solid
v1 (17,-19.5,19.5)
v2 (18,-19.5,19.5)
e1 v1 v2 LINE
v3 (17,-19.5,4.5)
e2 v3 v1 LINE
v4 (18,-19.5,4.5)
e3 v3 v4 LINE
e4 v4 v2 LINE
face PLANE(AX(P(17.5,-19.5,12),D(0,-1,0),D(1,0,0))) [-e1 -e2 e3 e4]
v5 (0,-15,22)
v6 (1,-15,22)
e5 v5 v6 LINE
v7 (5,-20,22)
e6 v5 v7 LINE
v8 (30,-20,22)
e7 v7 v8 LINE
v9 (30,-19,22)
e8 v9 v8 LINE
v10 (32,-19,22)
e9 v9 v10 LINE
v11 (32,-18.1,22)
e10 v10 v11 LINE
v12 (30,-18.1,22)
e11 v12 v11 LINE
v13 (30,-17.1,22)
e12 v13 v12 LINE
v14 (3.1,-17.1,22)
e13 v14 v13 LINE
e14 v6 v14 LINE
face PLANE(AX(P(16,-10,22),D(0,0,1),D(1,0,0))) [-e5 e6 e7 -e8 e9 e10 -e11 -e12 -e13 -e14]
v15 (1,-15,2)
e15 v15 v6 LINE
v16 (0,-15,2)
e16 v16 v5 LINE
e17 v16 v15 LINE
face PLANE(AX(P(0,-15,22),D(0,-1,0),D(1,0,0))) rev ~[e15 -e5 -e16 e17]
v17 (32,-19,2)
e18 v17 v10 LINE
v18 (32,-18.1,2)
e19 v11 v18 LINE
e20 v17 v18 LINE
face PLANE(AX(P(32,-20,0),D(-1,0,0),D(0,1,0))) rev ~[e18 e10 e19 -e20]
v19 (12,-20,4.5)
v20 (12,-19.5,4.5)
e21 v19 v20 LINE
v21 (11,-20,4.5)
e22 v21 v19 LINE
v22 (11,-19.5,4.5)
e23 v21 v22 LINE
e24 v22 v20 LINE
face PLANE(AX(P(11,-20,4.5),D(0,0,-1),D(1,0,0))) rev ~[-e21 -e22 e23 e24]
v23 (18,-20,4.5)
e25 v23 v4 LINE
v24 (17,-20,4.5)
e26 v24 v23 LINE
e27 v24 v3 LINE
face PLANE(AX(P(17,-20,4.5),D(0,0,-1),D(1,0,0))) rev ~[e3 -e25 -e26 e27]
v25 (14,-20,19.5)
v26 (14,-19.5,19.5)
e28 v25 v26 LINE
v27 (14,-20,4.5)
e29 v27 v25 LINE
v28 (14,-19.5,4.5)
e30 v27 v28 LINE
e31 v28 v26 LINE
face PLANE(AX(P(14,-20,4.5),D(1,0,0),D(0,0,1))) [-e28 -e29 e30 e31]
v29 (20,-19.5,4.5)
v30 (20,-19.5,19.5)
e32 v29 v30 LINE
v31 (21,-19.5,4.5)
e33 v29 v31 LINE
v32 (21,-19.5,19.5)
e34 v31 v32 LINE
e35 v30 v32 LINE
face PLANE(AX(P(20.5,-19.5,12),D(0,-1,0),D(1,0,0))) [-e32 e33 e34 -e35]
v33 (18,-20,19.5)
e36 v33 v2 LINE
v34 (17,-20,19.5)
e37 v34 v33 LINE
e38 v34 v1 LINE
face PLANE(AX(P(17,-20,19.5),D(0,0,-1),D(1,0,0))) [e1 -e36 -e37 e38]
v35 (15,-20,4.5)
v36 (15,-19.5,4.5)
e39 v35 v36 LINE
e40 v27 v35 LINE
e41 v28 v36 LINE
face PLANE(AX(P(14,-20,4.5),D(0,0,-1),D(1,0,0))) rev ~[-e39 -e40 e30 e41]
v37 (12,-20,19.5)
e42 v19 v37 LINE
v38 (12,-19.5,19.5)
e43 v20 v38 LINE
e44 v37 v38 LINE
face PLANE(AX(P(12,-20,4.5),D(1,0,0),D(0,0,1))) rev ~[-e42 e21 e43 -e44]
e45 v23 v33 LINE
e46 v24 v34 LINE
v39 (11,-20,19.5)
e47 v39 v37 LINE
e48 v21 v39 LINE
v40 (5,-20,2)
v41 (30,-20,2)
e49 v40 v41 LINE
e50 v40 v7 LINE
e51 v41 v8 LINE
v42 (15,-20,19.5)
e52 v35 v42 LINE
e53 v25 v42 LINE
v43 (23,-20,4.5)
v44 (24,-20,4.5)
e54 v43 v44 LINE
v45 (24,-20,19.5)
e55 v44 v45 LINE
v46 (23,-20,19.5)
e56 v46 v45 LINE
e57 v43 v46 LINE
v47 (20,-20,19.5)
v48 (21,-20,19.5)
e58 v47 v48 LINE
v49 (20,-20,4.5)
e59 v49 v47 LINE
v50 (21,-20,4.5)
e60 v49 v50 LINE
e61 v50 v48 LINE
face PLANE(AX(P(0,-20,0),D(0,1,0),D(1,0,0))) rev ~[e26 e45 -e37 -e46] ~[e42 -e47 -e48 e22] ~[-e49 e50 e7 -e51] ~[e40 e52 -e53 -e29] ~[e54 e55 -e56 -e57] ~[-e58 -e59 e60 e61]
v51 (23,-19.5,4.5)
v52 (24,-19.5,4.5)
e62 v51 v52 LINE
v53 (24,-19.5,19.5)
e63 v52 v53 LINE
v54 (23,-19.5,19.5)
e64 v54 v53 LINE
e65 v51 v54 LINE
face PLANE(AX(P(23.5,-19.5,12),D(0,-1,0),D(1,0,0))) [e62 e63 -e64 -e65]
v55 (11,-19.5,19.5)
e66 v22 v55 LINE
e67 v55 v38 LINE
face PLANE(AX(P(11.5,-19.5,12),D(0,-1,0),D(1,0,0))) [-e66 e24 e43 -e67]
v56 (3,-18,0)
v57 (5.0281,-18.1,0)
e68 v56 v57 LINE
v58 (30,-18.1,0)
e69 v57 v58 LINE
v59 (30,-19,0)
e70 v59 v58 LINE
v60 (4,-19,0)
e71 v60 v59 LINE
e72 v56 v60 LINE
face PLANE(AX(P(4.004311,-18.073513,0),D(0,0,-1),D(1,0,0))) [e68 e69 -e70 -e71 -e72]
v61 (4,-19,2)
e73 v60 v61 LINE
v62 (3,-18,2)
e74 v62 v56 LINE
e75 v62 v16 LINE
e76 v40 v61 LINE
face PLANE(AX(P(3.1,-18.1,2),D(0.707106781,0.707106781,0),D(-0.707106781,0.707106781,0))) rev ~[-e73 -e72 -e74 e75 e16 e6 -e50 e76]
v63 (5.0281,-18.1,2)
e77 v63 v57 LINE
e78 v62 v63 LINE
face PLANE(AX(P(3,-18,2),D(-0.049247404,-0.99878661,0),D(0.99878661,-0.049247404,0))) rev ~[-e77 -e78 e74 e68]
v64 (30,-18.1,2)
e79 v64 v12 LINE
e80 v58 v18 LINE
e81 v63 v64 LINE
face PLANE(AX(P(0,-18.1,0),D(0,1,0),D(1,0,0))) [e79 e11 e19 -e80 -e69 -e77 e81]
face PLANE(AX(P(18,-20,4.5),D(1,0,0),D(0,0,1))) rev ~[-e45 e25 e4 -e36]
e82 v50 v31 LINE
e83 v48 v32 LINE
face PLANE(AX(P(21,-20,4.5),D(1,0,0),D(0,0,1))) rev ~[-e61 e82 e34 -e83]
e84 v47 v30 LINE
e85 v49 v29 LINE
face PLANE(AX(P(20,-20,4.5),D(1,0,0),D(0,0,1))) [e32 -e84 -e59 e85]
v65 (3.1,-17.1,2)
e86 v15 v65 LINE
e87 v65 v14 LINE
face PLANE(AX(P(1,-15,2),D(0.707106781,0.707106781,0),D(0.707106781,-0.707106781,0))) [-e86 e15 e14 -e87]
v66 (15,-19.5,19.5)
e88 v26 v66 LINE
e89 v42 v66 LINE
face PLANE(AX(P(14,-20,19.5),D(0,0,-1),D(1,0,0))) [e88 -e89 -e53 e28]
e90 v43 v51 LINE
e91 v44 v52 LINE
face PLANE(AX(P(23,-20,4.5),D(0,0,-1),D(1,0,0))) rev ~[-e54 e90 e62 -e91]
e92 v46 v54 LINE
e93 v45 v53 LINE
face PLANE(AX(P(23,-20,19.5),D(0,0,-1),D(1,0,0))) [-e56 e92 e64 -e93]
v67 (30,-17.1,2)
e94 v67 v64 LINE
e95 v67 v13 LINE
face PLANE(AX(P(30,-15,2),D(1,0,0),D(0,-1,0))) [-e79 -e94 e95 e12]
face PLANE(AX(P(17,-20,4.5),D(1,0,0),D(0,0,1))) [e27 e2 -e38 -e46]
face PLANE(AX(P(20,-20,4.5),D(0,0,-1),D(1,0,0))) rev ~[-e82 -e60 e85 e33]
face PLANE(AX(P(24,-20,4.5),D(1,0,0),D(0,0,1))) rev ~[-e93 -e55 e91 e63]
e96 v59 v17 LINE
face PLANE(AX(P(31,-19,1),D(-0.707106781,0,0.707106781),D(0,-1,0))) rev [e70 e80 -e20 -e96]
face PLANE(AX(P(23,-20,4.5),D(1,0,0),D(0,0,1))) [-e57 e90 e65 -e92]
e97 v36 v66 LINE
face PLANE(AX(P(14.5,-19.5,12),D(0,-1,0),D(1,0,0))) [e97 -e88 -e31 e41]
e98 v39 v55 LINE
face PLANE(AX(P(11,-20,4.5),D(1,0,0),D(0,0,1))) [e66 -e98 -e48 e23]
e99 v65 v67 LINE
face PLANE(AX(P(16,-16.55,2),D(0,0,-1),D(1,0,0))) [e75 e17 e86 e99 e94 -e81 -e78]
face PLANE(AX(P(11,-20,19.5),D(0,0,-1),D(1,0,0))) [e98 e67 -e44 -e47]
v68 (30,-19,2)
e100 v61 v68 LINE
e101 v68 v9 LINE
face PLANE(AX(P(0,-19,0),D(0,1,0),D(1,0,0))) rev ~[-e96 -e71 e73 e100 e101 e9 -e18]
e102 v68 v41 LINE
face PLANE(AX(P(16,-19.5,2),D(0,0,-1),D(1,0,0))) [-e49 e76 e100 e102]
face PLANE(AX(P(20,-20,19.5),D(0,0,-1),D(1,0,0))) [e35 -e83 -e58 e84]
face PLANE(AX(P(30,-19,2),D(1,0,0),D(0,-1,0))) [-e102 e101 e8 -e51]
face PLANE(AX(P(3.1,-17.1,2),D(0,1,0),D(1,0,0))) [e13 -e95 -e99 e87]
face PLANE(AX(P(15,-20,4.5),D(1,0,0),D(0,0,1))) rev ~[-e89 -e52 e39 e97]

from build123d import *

# Parameters (mm, degrees)
SKETCH_W        = 32
SKETCH_H        = 20
PAD_DEPTH       = 22
CHAMFER_SIZE    = 5
SKETCH001_W     = 32
SKETCH001_H     = 15
POCKET_DEPTH    = 22
SKETCH002_W     = 32
SKETCH002_H     = 1
POCKET001_DEPTH = 2
SKETCH003_W     = 32
SKETCH003_H     = 3.1
POCKET002_DEPTH = 2
SKETCH004_W     = 2
SKETCH004_H     = 1
SKETCH004_H_2   = 3.1
POCKET003_DEPTH = 20
PAD001_DEPTH    = 2
POCKET004_DEPTH = 20
SKETCH007_W     = 1
SKETCH007_H     = 15
POCKET005_DEPTH = 0.5
CHAMFER001_SIZE = 2


with BuildPart() as part:
    # Sketch → Pad (new body)
    with BuildSketch(Plane.XY):
        with Locations((16, -10)):
            Rectangle(SKETCH_W, SKETCH_H)
    extrude(amount=PAD_DEPTH)

    # Chamfer
    chamfer_edges = [part.edges().sort_by_distance(p)[0] for p in [
        (0, -20, 11),
    ]]
    chamfer(chamfer_edges, length=CHAMFER_SIZE)

    # Sketch001 → Pocket (cut)
    with BuildSketch(Plane.XY.offset(22)):
        with Locations((16, -7.5)):
            Rectangle(SKETCH001_W, SKETCH001_H)
    extrude(amount=-POCKET_DEPTH, mode=Mode.SUBTRACT)

    # Sketch002 → Pocket001 (cut)
    with BuildSketch(Plane(origin=(0, 0, 0), x_dir=(1, 0, 0), z_dir=(0, 0, -1))):
        with Locations((16, 19.5)):
            Rectangle(SKETCH002_W, SKETCH002_H)
    extrude(amount=-POCKET001_DEPTH, mode=Mode.SUBTRACT)

    # Sketch003 → Pocket002 (cut)
    with BuildSketch(Plane(origin=(0, 0, 0), x_dir=(1, 0, 0), z_dir=(0, 0, -1))):
        with Locations((16, 16.55)):
            Rectangle(SKETCH003_W, SKETCH003_H)
    extrude(amount=-POCKET002_DEPTH, mode=Mode.SUBTRACT)

    # Sketch004 → Pocket003 (cut)
    with BuildSketch(Plane(origin=(0, 0, 2), x_dir=(1, 0, 0), z_dir=(0, 0, -1))):
        with Locations((31, 19.5)):
            Rectangle(SKETCH004_W, SKETCH004_H)
        with Locations((31, 16.55)):
            Rectangle(SKETCH004_W, SKETCH004_H_2)
    extrude(amount=-POCKET003_DEPTH, mode=Mode.SUBTRACT)

    # Sketch005 → Pad001 (new body)
    with BuildSketch(Plane(origin=(0, 0, 2), x_dir=(1, 0, 0), z_dir=(0, 0, -1))):
        Polygon((3.1, 18.1), (3, 18), (5.0281, 18.1), align=None)
    extrude(amount=PAD001_DEPTH)

    # Sketch006 → Pocket004 (cut)
    with BuildSketch(Plane(origin=(0, 0, 2), x_dir=(1, 0, 0), z_dir=(0, 0, -1))):
        Polygon((30, 15), (1, 15), (3.1, 17.1), (30, 17.1), align=None)
    extrude(amount=-POCKET004_DEPTH, mode=Mode.SUBTRACT)

    # Sketch007 → Pocket005 (cut)
    with BuildSketch(Plane.XZ.offset(20)):
        with Locations((11.5, 12)):
            Rectangle(SKETCH007_W, SKETCH007_H)
        with Locations((14.5, 12)):
            Rectangle(SKETCH007_W, SKETCH007_H)
        with Locations((17.5, 12)):
            Rectangle(SKETCH007_W, SKETCH007_H)
        with Locations((20.5, 12)):
            Rectangle(SKETCH007_W, SKETCH007_H)
        with Locations((23.5, 12)):
            Rectangle(SKETCH007_W, SKETCH007_H)
    extrude(amount=-POCKET005_DEPTH, mode=Mode.SUBTRACT)

    # Chamfer001
    chamfer001_edges = [part.edges().sort_by_distance(p)[0] for p in [
        (32, -18.55, 0),
    ]]
    chamfer(chamfer001_edges, length=CHAMFER001_SIZE)


solid = part.part
